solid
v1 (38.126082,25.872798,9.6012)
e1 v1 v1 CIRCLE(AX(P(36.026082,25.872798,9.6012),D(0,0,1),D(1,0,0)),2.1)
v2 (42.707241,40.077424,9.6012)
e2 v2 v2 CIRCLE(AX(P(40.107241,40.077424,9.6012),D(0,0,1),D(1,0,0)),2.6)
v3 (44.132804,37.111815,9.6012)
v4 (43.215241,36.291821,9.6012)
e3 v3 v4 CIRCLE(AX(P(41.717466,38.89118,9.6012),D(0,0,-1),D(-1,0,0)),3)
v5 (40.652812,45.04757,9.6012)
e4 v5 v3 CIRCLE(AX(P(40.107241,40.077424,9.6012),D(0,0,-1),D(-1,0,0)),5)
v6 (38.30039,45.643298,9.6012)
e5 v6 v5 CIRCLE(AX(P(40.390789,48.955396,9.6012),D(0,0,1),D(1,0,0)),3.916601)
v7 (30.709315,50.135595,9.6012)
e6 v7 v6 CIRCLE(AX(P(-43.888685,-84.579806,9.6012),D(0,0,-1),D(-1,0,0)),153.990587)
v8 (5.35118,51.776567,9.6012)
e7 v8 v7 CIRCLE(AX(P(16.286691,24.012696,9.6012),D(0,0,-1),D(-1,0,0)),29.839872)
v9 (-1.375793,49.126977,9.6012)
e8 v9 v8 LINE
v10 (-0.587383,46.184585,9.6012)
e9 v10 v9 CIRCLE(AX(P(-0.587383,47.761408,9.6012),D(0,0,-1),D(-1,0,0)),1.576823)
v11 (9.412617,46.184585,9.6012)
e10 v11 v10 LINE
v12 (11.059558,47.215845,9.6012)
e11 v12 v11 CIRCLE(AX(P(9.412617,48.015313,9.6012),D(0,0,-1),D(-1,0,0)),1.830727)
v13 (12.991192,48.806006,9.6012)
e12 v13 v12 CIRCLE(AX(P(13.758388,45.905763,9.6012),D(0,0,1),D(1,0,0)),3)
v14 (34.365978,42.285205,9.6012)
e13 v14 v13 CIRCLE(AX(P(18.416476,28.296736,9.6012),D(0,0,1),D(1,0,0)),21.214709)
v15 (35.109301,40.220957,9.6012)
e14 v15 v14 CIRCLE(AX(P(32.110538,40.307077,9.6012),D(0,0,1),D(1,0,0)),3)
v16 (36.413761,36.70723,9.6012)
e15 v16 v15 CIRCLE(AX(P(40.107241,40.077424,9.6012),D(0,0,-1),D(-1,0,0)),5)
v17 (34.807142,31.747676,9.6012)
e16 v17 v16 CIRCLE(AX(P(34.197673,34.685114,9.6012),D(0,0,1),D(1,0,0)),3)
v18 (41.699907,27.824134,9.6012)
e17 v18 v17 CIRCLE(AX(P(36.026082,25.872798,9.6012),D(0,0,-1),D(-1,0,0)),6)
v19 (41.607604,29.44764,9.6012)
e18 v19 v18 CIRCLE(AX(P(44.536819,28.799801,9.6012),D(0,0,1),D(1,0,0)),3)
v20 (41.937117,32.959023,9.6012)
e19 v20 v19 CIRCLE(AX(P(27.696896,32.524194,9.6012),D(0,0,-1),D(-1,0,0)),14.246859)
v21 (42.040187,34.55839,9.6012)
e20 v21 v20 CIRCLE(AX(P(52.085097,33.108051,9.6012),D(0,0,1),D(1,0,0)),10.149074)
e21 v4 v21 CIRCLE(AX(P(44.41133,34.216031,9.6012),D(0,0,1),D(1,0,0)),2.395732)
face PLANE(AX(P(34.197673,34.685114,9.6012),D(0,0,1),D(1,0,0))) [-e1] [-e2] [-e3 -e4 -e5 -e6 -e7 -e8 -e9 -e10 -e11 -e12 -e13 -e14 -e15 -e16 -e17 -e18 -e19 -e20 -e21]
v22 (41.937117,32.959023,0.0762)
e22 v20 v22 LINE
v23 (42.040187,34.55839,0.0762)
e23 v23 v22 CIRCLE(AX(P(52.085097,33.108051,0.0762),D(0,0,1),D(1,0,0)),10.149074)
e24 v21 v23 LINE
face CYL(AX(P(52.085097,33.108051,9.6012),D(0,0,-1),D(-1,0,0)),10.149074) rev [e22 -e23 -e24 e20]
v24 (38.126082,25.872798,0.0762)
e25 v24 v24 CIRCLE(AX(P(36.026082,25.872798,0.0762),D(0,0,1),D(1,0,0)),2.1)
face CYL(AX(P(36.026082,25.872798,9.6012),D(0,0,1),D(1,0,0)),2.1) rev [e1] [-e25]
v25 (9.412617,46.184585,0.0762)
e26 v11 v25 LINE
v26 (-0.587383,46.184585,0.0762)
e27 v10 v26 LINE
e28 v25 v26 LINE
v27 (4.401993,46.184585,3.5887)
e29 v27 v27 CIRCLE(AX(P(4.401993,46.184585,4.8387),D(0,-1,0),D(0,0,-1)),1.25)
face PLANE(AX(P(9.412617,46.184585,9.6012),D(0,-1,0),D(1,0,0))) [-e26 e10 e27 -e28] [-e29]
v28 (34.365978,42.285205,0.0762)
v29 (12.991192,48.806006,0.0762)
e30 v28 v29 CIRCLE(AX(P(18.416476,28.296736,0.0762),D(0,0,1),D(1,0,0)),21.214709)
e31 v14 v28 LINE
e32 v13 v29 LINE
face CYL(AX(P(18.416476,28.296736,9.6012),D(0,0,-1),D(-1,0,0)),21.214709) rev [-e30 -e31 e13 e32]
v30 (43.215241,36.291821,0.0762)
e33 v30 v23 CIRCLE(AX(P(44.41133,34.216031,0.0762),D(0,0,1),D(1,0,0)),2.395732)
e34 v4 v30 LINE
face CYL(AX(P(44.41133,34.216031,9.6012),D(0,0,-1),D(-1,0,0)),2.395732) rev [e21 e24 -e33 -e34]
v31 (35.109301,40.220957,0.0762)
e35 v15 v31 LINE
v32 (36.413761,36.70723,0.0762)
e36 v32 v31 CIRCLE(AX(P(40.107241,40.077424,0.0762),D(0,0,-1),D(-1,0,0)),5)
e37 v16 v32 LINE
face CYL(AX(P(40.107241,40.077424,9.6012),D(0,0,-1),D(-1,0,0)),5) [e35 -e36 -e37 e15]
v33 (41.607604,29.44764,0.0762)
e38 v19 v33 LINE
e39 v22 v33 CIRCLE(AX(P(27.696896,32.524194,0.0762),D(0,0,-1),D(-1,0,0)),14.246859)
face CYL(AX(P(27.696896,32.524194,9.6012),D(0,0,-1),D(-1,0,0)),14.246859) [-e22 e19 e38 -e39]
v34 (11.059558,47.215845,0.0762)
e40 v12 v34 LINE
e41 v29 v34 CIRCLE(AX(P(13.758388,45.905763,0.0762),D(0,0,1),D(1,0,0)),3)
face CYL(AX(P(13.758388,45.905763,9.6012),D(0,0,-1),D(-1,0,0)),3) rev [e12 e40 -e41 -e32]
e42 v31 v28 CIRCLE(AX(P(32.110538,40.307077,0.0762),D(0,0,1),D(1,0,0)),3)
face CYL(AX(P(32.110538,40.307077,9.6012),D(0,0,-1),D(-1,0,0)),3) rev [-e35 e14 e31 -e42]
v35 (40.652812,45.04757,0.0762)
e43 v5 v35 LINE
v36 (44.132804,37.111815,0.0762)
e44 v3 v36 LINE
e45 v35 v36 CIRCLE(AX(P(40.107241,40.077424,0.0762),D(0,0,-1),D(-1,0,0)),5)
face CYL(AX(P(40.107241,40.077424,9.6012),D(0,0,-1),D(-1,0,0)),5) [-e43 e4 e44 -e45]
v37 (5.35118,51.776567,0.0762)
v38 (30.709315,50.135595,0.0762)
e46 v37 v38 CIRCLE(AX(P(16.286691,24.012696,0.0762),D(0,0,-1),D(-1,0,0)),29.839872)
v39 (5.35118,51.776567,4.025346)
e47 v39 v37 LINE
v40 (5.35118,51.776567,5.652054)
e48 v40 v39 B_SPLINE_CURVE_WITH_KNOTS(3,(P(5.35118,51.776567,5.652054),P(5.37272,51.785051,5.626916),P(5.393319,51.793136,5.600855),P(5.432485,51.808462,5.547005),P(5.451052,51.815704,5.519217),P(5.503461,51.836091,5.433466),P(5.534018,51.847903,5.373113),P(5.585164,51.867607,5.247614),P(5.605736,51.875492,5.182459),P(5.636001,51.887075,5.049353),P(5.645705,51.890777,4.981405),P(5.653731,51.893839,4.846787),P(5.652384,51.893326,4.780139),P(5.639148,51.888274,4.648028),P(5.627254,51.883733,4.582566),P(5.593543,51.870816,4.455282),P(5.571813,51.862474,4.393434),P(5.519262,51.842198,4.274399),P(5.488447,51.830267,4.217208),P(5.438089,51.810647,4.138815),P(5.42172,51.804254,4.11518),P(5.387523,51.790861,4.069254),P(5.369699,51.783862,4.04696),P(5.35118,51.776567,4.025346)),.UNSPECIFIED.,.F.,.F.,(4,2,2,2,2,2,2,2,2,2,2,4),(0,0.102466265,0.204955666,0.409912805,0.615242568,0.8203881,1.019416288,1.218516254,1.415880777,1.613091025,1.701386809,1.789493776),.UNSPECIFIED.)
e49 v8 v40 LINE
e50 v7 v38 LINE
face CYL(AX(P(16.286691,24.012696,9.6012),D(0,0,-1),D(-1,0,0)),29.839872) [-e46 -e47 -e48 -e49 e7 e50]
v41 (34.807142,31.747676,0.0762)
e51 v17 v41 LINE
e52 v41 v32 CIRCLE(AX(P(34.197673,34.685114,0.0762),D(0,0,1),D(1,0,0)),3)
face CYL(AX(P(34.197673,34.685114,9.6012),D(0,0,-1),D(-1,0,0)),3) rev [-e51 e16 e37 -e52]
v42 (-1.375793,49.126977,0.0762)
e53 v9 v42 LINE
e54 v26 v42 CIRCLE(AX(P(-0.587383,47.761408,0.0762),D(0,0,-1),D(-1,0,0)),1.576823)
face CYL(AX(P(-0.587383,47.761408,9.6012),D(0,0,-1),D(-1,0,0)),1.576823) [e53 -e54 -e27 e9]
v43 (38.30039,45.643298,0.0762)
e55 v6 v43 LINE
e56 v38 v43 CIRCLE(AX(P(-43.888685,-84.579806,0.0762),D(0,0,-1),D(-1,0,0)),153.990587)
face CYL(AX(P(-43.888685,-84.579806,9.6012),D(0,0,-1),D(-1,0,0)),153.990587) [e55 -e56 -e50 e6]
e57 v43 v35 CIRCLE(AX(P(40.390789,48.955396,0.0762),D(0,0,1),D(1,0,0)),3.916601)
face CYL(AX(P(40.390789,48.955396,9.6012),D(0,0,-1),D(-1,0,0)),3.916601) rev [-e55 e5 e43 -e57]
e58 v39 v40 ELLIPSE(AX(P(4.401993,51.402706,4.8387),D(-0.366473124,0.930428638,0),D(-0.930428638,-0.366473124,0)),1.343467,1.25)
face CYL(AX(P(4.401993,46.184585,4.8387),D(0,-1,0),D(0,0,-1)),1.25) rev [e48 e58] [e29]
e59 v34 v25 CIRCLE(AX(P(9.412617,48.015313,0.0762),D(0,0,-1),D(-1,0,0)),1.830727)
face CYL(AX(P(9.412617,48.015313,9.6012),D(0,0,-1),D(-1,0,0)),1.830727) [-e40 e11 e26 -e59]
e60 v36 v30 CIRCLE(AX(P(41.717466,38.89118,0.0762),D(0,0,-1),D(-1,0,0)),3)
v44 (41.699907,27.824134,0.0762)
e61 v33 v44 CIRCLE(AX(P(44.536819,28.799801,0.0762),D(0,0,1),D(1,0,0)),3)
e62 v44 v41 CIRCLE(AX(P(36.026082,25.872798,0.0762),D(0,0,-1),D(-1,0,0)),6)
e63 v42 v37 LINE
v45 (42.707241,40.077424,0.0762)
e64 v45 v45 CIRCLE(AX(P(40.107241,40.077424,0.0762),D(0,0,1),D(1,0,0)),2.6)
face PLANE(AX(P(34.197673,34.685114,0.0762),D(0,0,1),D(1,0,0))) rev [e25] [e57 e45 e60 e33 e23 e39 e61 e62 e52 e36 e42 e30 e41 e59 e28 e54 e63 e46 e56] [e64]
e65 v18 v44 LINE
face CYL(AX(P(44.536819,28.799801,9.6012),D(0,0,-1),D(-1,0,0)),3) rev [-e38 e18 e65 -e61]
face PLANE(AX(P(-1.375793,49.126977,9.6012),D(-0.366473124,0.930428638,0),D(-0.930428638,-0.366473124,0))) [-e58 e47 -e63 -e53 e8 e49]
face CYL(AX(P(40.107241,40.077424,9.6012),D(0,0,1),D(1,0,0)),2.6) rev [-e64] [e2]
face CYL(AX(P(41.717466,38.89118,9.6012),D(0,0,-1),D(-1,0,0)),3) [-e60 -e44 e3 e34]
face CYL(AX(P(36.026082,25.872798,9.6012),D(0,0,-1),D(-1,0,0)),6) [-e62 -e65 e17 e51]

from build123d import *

# Parameters (mm, degrees)
BOSS_EXTRUDE1_DEPTH            = 9.525
F_5_2_5_2_DIAMETER_HOLE1_D     = 5.2
F_4_2_4_2_DIAMETER_HOLE1_D     = 4.2
F_2_5_2_5_DIAMETER_HOLE1_D     = 2.5
F_2_5_2_5_DIAMETER_HOLE1_DEPTH = 7.667982396


with BuildPart() as part:
    # Sketch1 → Boss-Extrude1 (new body)
    with BuildSketch(Plane(origin=(0, 0, 0.0762), x_dir=(-1, 0, 0), z_dir=(0, 0, -1))):
        with BuildLine():
            Line((-9.412617214, 46.18458545), (0.587382786, 46.18458545))
            ThreePointArc((0.587382786, 46.18458545), (2.110476578, 47.353297027), (1.375792677, 49.126977103))
            Line((1.375792677, 49.126977103), (-5.351179793, 51.776567317))
            ThreePointArc((-5.351179793, 51.776567317), (-18.213654114, 53.790284286), (-30.709315287, 50.135595029))
            ThreePointArc((-30.709315287, 50.135595029), (-34.537024445, 47.94381083), (-38.300389687, 45.643298402))
            ThreePointArc((-38.300389687, 45.643298402), (-39.429298758, 45.158647975), (-40.652811507, 45.047570171))
            ThreePointArc((-40.652811507, 45.047570171), (-44.686309378, 42.085440442), (-44.132804376, 37.111815022))
            ThreePointArc((-44.132804376, 37.111815022), (-43.716518775, 36.654265458), (-43.215241162, 36.291820896))
            ThreePointArc((-43.215241162, 36.291820896), (-42.428281445, 35.560296453), (-42.040186752, 34.558390211))
            ThreePointArc((-42.040186752, 34.558390211), (-41.957032136, 33.760744193), (-41.937117029, 32.959022765))
            ThreePointArc((-41.937117029, 32.959022765), (-41.88143503, 31.193095612), (-41.60760357, 29.447639934))
            ThreePointArc((-41.60760357, 29.447639934), (-41.541656296, 28.62951348), (-41.699906943, 27.824133651))
            ThreePointArc((-41.699906943, 27.824133651), (-33.057909903, 20.65839923), (-34.807142386, 31.747675507))
            ThreePointArc((-34.807142386, 31.747675507), (-37.051659352, 33.760582292), (-36.413760604, 36.707230442))
            ThreePointArc((-36.413760604, 36.707230442), (-35.419836056, 38.33724075), (-35.109301279, 40.220957226))
            ThreePointArc((-35.109301279, 40.220957226), (-34.933115189, 41.323470745), (-34.365977773, 42.285204986))
            ThreePointArc((-34.365977773, 42.285204986), (-24.606791119, 48.588208914), (-12.991191822, 48.806006202))
            ThreePointArc((-12.991191822, 48.806006202), (-11.85169268, 48.221904682), (-11.059558102, 47.215845196))
            ThreePointArc((-11.059558102, 47.215845196), (-10.384202381, 46.46367337), (-9.412617214, 46.18458545))
        make_face()
    extrude(amount=-BOSS_EXTRUDE1_DEPTH)

    # Ø5.2 (5.2) Diameter Hole1 (through all)
    with Locations(Plane.XY.offset(9.6012)):
        with Locations((40.107240677, 40.077424049)):
            Hole(F_5_2_5_2_DIAMETER_HOLE1_D / 2)

    # Ø4.2 (4.2) Diameter Hole1 (through all)
    with Locations(Plane.XY.offset(9.6012)):
        with Locations((36.026082039, 25.872797966)):
            Hole(F_4_2_4_2_DIAMETER_HOLE1_D / 2)

    # Ø2.5 (2.5) Diameter Hole1
    with Locations(Plane(origin=(0, 46.18458545, 0), x_dir=(-1, 0, 0), z_dir=(0, -1, 0))):
        with Locations((-4.401993155, -4.8387)):
            Hole(F_2_5_2_5_DIAMETER_HOLE1_D / 2, depth=F_2_5_2_5_DIAMETER_HOLE1_DEPTH)


solid = part.part
